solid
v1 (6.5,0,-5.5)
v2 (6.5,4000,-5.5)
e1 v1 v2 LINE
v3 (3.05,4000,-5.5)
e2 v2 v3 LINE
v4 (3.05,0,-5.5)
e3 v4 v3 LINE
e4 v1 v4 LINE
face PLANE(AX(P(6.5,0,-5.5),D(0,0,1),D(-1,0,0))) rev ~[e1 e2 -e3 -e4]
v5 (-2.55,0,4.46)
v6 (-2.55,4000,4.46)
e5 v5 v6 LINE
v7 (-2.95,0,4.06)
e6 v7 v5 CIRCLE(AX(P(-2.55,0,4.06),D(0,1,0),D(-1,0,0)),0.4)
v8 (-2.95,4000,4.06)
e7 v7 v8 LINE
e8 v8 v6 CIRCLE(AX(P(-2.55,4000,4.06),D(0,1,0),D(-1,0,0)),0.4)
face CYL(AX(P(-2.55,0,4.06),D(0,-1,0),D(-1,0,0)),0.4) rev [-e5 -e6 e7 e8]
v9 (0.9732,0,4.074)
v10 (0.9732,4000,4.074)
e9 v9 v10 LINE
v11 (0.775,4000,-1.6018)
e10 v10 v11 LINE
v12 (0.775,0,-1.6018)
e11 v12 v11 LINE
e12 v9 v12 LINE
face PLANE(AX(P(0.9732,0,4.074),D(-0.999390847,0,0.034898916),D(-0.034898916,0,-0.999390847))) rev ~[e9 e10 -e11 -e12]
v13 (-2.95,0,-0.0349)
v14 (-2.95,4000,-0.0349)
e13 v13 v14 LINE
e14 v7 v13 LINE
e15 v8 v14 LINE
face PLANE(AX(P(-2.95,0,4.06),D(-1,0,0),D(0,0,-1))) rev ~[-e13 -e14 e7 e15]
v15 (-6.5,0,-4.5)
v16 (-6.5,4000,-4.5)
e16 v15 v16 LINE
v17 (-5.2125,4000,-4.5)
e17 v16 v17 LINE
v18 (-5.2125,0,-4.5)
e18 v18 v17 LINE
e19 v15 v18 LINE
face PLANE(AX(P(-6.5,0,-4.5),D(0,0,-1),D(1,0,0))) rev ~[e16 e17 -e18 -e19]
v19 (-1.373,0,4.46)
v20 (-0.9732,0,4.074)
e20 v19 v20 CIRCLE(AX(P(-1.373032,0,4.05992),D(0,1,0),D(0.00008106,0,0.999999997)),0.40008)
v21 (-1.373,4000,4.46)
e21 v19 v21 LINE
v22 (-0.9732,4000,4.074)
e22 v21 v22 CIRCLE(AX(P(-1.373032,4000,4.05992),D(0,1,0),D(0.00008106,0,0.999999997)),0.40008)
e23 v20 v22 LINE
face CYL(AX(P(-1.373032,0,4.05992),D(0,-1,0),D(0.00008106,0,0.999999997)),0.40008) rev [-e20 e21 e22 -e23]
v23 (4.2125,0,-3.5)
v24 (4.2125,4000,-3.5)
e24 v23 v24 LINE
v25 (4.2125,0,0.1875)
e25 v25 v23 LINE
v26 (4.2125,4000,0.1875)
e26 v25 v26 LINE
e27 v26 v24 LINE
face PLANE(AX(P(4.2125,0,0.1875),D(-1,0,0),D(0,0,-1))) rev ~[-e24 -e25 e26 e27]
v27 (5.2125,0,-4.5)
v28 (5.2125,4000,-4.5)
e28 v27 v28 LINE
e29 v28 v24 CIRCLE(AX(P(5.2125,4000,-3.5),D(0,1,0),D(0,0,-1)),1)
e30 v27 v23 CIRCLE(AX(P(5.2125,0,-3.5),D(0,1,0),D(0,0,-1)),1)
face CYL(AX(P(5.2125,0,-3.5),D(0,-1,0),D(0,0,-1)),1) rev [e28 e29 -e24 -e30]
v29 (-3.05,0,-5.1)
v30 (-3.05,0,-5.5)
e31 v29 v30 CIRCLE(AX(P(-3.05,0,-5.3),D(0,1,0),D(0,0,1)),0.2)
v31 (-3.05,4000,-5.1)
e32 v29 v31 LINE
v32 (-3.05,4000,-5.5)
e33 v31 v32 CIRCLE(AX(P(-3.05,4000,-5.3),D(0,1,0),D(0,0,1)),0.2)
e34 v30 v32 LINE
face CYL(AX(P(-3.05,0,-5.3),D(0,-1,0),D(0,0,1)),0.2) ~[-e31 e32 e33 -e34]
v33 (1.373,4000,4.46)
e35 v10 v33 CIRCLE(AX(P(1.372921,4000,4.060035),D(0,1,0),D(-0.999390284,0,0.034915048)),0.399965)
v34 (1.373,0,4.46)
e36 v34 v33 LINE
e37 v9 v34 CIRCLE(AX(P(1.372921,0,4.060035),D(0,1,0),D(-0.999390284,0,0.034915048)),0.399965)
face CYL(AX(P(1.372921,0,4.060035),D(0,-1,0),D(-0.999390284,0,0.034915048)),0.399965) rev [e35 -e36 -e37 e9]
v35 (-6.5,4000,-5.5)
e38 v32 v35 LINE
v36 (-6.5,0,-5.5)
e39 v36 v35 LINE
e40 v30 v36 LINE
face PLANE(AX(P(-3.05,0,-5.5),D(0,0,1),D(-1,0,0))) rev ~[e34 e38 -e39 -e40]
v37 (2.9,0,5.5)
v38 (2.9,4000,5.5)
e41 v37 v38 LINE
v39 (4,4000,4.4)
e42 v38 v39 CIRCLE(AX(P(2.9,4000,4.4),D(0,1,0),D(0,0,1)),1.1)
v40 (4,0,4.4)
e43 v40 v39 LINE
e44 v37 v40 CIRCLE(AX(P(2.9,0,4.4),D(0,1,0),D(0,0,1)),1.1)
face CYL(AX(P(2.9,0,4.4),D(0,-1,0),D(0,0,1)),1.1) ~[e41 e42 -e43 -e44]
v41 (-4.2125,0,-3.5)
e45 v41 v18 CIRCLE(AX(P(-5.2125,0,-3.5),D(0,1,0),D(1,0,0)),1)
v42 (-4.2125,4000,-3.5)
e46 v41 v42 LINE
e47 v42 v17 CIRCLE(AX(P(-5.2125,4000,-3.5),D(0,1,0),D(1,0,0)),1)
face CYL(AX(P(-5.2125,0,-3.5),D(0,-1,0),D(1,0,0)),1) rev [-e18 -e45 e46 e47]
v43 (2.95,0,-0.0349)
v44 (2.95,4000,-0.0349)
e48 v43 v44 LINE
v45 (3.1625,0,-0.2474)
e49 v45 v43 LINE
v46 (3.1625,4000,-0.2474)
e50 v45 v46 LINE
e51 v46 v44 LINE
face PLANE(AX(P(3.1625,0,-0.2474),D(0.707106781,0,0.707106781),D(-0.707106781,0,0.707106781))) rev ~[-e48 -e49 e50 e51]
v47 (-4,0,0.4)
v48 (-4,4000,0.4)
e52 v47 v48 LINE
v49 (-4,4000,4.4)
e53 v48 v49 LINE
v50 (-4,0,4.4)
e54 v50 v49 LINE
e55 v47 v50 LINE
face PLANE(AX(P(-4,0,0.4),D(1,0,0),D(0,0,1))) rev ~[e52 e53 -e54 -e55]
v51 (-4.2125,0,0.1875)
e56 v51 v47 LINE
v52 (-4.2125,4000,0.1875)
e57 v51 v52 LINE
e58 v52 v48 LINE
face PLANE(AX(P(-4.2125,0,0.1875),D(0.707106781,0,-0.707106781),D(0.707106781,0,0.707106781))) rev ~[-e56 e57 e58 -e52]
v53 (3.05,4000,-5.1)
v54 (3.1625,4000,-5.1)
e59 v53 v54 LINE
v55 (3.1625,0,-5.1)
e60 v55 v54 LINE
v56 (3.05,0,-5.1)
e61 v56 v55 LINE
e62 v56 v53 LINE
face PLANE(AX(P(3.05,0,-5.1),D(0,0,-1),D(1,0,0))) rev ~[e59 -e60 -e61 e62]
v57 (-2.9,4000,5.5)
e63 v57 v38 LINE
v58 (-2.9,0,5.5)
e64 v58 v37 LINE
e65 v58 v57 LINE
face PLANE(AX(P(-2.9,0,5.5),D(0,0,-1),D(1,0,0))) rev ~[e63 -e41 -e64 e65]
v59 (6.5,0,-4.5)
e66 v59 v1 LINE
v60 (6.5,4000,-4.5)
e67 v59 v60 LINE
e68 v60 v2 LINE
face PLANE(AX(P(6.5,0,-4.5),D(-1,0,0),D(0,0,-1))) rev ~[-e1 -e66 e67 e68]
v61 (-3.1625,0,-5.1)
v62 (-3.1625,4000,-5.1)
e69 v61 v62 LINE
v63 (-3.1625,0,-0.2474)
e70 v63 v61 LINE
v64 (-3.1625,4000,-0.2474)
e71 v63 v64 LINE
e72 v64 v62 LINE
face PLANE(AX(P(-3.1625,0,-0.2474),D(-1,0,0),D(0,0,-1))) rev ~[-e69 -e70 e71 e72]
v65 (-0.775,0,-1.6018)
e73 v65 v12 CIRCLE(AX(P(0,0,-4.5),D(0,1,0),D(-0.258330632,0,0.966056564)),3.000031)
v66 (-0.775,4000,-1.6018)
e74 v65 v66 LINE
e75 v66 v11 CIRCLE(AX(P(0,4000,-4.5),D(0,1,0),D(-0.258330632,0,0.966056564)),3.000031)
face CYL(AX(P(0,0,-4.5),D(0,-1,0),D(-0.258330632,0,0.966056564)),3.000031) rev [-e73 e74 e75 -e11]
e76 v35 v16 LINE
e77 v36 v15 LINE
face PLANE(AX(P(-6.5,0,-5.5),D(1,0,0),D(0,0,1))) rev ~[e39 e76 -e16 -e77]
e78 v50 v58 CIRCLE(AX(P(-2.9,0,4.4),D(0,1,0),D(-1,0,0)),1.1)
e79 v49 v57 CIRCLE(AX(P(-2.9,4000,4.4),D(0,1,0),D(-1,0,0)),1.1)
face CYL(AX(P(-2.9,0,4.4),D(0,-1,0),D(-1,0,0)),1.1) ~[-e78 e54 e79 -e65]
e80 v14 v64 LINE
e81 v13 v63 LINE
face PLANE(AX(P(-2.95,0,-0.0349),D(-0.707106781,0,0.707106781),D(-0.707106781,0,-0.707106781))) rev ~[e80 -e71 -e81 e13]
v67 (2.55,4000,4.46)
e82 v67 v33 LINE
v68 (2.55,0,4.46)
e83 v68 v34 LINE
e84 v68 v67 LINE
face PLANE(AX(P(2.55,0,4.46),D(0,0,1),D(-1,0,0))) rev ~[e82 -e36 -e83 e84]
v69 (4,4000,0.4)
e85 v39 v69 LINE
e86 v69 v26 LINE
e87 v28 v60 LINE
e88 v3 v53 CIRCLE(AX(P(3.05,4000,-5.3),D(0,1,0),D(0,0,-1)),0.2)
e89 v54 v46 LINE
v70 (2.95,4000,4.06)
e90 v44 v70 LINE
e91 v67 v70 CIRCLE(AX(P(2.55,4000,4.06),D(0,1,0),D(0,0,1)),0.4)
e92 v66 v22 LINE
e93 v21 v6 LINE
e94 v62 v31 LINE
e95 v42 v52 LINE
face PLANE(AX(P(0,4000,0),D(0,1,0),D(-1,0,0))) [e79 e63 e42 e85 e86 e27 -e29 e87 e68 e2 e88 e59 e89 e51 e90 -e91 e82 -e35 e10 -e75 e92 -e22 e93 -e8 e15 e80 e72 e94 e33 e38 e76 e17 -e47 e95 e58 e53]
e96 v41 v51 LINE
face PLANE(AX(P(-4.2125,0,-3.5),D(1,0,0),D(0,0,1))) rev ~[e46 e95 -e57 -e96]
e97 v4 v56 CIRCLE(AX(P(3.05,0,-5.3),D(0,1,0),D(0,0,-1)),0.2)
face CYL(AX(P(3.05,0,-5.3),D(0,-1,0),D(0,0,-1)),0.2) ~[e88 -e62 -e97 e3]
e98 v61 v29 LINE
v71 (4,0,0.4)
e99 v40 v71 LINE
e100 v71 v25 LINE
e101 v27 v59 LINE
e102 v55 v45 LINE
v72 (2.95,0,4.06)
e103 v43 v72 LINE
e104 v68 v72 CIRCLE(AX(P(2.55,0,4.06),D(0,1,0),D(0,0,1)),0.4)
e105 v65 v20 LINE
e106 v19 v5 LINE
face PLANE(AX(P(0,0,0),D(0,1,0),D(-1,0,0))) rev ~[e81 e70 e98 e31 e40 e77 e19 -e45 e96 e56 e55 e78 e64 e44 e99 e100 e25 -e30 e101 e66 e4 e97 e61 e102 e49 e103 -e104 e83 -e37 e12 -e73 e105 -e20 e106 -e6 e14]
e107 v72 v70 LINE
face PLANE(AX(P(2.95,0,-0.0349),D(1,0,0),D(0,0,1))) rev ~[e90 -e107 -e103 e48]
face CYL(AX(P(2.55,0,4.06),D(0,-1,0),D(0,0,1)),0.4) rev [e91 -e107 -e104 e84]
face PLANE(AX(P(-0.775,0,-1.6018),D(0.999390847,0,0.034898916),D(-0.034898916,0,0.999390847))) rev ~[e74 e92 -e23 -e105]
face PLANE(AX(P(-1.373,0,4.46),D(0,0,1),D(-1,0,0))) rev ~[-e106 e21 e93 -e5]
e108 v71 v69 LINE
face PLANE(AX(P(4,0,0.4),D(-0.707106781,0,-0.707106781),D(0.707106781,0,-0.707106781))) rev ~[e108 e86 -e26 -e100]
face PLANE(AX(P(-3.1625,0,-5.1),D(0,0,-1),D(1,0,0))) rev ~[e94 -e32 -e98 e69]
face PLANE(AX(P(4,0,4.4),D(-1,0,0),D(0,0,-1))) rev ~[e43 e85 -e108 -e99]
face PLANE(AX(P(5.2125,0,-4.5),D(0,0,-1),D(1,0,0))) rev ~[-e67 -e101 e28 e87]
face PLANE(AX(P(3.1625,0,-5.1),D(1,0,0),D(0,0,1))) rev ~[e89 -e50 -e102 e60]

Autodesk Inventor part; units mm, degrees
ref_plane "YZ Plane" through (0, 0, 0) normal (1, 0, 0) x (0, 1, 0)
ref_plane "Start Plane" through (0, 0, 0) normal (0, 1, 0) x (-1, 0, 0)
ref_plane "End Plane" through (0, 100, 0) normal (0, 1, 0) x (-1, 0, 0)
sketch "Sketch1" plane through (0, 0, 0) normal (0, 1, 0) x (-1, 0, 0)
  arc A0 (-3.05, -5.5) -> (-3.05, -5.1) centre (-3.05, -5.3) ccw
  line L0 (-3.05, -5.1) -> (-3.1625, -5.1)
  line L1 (-3.1625, -5.1) -> (-3.1625, -0.2474)
  line L2 (-3.1625, -0.2474) -> (-2.95, -0.0349)
  line L3 (-2.95, -0.0349) -> (-2.95, 4.06)
  arc A1 (-2.55, 4.46) -> (-2.95, 4.06) centre (-2.55, 4.06) ccw
  line L4 (-2.55, 4.46) -> (-1.373, 4.46)
  arc A2 (-0.9732, 4.074) -> (-1.373, 4.46) centre (-1.373, 4.06) ccw
  line L5 (-0.9732, 4.074) -> (-0.775, -1.6018)
  arc A3 (0.775, -1.6018) -> (-0.775, -1.6018) centre (0, -4.5) ccw
  line L6 (0.775, -1.6018) -> (0.9732, 4.074)
  arc A4 (1.373, 4.46) -> (0.9732, 4.074) centre (1.373, 4.06) ccw
  line L7 (1.373, 4.46) -> (2.55, 4.46)
  arc A5 (2.95, 4.06) -> (2.55, 4.46) centre (2.55, 4.06) ccw
  line L8 (2.95, 4.06) -> (2.95, -0.0349)
  line L9 (2.95, -0.0349) -> (3.1625, -0.2474)
  line L10 (3.1625, -0.2474) -> (3.1625, -5.1)
  line L11 (3.1625, -5.1) -> (3.05, -5.1)
  arc A6 (3.05, -5.1) -> (3.05, -5.5) centre (3.05, -5.3) ccw
  line L12 (3.05, -5.5) -> (6.5, -5.5)
  line L13 (6.5, -5.5) -> (6.5, -4.5)
  line L14 (6.5, -4.5) -> (5.2125, -4.5)
  arc A7 (4.2125, -3.5) -> (5.2125, -4.5) centre (5.2125, -3.5) ccw
  line L15 (4.2125, -3.5) -> (4.2125, 0.1875)
  line L16 (4.2125, 0.1875) -> (4, 0.4)
  line L17 (4, 0.4) -> (4, 4.4)
  arc A8 (4, 4.4) -> (2.9, 5.5) centre (2.9, 4.4) ccw
  line L18 (2.9, 5.5) -> (-2.9, 5.5)
  arc A9 (-2.9, 5.5) -> (-4, 4.4) centre (-2.9, 4.4) ccw
  line L19 (-4, 4.4) -> (-4, 0.4)
  line L20 (-4, 0.4) -> (-4.2125, 0.1875)
  line L21 (-4.2125, 0.1875) -> (-4.2125, -3.5)
  arc A10 (-5.2125, -4.5) -> (-4.2125, -3.5) centre (-5.2125, -3.5) ccw
  line L22 (-5.2125, -4.5) -> (-6.5, -4.5)
  line L23 (-6.5, -4.5) -> (-6.5, -5.5)
  line L24 (-6.5, -5.5) -> (-3.05, -5.5)
  point P0 (0, 0)
extrude "Body" add sketch "Sketch1" along normal blind 4000 from surface at 0
sketch "Sketch2" plane through (0, 0, 0) normal (0, 1, 0) x (-1, 0, 0)
  line L0 (0, 0) -> (10, 0)
ref_plane "Work Plane3" through (0, 0, 0) normal (0, 0, -1) x (-1, 0, 0)
sketch "Sketch3" plane through (0, 0, 0) normal (0, 0, -1) x (-1, 0, 0)
  line L0 (-2, 0) -> (12, 0)
  line L1 (-2, 100) -> (12, 100)
  dimension "d7" = 100
equation "\"G_OFFSET_START\" = 0"
equation "\"G_OFFSET_END\" = 0"
equation "\"G_L\" = d7"
properties part number "13-106"
